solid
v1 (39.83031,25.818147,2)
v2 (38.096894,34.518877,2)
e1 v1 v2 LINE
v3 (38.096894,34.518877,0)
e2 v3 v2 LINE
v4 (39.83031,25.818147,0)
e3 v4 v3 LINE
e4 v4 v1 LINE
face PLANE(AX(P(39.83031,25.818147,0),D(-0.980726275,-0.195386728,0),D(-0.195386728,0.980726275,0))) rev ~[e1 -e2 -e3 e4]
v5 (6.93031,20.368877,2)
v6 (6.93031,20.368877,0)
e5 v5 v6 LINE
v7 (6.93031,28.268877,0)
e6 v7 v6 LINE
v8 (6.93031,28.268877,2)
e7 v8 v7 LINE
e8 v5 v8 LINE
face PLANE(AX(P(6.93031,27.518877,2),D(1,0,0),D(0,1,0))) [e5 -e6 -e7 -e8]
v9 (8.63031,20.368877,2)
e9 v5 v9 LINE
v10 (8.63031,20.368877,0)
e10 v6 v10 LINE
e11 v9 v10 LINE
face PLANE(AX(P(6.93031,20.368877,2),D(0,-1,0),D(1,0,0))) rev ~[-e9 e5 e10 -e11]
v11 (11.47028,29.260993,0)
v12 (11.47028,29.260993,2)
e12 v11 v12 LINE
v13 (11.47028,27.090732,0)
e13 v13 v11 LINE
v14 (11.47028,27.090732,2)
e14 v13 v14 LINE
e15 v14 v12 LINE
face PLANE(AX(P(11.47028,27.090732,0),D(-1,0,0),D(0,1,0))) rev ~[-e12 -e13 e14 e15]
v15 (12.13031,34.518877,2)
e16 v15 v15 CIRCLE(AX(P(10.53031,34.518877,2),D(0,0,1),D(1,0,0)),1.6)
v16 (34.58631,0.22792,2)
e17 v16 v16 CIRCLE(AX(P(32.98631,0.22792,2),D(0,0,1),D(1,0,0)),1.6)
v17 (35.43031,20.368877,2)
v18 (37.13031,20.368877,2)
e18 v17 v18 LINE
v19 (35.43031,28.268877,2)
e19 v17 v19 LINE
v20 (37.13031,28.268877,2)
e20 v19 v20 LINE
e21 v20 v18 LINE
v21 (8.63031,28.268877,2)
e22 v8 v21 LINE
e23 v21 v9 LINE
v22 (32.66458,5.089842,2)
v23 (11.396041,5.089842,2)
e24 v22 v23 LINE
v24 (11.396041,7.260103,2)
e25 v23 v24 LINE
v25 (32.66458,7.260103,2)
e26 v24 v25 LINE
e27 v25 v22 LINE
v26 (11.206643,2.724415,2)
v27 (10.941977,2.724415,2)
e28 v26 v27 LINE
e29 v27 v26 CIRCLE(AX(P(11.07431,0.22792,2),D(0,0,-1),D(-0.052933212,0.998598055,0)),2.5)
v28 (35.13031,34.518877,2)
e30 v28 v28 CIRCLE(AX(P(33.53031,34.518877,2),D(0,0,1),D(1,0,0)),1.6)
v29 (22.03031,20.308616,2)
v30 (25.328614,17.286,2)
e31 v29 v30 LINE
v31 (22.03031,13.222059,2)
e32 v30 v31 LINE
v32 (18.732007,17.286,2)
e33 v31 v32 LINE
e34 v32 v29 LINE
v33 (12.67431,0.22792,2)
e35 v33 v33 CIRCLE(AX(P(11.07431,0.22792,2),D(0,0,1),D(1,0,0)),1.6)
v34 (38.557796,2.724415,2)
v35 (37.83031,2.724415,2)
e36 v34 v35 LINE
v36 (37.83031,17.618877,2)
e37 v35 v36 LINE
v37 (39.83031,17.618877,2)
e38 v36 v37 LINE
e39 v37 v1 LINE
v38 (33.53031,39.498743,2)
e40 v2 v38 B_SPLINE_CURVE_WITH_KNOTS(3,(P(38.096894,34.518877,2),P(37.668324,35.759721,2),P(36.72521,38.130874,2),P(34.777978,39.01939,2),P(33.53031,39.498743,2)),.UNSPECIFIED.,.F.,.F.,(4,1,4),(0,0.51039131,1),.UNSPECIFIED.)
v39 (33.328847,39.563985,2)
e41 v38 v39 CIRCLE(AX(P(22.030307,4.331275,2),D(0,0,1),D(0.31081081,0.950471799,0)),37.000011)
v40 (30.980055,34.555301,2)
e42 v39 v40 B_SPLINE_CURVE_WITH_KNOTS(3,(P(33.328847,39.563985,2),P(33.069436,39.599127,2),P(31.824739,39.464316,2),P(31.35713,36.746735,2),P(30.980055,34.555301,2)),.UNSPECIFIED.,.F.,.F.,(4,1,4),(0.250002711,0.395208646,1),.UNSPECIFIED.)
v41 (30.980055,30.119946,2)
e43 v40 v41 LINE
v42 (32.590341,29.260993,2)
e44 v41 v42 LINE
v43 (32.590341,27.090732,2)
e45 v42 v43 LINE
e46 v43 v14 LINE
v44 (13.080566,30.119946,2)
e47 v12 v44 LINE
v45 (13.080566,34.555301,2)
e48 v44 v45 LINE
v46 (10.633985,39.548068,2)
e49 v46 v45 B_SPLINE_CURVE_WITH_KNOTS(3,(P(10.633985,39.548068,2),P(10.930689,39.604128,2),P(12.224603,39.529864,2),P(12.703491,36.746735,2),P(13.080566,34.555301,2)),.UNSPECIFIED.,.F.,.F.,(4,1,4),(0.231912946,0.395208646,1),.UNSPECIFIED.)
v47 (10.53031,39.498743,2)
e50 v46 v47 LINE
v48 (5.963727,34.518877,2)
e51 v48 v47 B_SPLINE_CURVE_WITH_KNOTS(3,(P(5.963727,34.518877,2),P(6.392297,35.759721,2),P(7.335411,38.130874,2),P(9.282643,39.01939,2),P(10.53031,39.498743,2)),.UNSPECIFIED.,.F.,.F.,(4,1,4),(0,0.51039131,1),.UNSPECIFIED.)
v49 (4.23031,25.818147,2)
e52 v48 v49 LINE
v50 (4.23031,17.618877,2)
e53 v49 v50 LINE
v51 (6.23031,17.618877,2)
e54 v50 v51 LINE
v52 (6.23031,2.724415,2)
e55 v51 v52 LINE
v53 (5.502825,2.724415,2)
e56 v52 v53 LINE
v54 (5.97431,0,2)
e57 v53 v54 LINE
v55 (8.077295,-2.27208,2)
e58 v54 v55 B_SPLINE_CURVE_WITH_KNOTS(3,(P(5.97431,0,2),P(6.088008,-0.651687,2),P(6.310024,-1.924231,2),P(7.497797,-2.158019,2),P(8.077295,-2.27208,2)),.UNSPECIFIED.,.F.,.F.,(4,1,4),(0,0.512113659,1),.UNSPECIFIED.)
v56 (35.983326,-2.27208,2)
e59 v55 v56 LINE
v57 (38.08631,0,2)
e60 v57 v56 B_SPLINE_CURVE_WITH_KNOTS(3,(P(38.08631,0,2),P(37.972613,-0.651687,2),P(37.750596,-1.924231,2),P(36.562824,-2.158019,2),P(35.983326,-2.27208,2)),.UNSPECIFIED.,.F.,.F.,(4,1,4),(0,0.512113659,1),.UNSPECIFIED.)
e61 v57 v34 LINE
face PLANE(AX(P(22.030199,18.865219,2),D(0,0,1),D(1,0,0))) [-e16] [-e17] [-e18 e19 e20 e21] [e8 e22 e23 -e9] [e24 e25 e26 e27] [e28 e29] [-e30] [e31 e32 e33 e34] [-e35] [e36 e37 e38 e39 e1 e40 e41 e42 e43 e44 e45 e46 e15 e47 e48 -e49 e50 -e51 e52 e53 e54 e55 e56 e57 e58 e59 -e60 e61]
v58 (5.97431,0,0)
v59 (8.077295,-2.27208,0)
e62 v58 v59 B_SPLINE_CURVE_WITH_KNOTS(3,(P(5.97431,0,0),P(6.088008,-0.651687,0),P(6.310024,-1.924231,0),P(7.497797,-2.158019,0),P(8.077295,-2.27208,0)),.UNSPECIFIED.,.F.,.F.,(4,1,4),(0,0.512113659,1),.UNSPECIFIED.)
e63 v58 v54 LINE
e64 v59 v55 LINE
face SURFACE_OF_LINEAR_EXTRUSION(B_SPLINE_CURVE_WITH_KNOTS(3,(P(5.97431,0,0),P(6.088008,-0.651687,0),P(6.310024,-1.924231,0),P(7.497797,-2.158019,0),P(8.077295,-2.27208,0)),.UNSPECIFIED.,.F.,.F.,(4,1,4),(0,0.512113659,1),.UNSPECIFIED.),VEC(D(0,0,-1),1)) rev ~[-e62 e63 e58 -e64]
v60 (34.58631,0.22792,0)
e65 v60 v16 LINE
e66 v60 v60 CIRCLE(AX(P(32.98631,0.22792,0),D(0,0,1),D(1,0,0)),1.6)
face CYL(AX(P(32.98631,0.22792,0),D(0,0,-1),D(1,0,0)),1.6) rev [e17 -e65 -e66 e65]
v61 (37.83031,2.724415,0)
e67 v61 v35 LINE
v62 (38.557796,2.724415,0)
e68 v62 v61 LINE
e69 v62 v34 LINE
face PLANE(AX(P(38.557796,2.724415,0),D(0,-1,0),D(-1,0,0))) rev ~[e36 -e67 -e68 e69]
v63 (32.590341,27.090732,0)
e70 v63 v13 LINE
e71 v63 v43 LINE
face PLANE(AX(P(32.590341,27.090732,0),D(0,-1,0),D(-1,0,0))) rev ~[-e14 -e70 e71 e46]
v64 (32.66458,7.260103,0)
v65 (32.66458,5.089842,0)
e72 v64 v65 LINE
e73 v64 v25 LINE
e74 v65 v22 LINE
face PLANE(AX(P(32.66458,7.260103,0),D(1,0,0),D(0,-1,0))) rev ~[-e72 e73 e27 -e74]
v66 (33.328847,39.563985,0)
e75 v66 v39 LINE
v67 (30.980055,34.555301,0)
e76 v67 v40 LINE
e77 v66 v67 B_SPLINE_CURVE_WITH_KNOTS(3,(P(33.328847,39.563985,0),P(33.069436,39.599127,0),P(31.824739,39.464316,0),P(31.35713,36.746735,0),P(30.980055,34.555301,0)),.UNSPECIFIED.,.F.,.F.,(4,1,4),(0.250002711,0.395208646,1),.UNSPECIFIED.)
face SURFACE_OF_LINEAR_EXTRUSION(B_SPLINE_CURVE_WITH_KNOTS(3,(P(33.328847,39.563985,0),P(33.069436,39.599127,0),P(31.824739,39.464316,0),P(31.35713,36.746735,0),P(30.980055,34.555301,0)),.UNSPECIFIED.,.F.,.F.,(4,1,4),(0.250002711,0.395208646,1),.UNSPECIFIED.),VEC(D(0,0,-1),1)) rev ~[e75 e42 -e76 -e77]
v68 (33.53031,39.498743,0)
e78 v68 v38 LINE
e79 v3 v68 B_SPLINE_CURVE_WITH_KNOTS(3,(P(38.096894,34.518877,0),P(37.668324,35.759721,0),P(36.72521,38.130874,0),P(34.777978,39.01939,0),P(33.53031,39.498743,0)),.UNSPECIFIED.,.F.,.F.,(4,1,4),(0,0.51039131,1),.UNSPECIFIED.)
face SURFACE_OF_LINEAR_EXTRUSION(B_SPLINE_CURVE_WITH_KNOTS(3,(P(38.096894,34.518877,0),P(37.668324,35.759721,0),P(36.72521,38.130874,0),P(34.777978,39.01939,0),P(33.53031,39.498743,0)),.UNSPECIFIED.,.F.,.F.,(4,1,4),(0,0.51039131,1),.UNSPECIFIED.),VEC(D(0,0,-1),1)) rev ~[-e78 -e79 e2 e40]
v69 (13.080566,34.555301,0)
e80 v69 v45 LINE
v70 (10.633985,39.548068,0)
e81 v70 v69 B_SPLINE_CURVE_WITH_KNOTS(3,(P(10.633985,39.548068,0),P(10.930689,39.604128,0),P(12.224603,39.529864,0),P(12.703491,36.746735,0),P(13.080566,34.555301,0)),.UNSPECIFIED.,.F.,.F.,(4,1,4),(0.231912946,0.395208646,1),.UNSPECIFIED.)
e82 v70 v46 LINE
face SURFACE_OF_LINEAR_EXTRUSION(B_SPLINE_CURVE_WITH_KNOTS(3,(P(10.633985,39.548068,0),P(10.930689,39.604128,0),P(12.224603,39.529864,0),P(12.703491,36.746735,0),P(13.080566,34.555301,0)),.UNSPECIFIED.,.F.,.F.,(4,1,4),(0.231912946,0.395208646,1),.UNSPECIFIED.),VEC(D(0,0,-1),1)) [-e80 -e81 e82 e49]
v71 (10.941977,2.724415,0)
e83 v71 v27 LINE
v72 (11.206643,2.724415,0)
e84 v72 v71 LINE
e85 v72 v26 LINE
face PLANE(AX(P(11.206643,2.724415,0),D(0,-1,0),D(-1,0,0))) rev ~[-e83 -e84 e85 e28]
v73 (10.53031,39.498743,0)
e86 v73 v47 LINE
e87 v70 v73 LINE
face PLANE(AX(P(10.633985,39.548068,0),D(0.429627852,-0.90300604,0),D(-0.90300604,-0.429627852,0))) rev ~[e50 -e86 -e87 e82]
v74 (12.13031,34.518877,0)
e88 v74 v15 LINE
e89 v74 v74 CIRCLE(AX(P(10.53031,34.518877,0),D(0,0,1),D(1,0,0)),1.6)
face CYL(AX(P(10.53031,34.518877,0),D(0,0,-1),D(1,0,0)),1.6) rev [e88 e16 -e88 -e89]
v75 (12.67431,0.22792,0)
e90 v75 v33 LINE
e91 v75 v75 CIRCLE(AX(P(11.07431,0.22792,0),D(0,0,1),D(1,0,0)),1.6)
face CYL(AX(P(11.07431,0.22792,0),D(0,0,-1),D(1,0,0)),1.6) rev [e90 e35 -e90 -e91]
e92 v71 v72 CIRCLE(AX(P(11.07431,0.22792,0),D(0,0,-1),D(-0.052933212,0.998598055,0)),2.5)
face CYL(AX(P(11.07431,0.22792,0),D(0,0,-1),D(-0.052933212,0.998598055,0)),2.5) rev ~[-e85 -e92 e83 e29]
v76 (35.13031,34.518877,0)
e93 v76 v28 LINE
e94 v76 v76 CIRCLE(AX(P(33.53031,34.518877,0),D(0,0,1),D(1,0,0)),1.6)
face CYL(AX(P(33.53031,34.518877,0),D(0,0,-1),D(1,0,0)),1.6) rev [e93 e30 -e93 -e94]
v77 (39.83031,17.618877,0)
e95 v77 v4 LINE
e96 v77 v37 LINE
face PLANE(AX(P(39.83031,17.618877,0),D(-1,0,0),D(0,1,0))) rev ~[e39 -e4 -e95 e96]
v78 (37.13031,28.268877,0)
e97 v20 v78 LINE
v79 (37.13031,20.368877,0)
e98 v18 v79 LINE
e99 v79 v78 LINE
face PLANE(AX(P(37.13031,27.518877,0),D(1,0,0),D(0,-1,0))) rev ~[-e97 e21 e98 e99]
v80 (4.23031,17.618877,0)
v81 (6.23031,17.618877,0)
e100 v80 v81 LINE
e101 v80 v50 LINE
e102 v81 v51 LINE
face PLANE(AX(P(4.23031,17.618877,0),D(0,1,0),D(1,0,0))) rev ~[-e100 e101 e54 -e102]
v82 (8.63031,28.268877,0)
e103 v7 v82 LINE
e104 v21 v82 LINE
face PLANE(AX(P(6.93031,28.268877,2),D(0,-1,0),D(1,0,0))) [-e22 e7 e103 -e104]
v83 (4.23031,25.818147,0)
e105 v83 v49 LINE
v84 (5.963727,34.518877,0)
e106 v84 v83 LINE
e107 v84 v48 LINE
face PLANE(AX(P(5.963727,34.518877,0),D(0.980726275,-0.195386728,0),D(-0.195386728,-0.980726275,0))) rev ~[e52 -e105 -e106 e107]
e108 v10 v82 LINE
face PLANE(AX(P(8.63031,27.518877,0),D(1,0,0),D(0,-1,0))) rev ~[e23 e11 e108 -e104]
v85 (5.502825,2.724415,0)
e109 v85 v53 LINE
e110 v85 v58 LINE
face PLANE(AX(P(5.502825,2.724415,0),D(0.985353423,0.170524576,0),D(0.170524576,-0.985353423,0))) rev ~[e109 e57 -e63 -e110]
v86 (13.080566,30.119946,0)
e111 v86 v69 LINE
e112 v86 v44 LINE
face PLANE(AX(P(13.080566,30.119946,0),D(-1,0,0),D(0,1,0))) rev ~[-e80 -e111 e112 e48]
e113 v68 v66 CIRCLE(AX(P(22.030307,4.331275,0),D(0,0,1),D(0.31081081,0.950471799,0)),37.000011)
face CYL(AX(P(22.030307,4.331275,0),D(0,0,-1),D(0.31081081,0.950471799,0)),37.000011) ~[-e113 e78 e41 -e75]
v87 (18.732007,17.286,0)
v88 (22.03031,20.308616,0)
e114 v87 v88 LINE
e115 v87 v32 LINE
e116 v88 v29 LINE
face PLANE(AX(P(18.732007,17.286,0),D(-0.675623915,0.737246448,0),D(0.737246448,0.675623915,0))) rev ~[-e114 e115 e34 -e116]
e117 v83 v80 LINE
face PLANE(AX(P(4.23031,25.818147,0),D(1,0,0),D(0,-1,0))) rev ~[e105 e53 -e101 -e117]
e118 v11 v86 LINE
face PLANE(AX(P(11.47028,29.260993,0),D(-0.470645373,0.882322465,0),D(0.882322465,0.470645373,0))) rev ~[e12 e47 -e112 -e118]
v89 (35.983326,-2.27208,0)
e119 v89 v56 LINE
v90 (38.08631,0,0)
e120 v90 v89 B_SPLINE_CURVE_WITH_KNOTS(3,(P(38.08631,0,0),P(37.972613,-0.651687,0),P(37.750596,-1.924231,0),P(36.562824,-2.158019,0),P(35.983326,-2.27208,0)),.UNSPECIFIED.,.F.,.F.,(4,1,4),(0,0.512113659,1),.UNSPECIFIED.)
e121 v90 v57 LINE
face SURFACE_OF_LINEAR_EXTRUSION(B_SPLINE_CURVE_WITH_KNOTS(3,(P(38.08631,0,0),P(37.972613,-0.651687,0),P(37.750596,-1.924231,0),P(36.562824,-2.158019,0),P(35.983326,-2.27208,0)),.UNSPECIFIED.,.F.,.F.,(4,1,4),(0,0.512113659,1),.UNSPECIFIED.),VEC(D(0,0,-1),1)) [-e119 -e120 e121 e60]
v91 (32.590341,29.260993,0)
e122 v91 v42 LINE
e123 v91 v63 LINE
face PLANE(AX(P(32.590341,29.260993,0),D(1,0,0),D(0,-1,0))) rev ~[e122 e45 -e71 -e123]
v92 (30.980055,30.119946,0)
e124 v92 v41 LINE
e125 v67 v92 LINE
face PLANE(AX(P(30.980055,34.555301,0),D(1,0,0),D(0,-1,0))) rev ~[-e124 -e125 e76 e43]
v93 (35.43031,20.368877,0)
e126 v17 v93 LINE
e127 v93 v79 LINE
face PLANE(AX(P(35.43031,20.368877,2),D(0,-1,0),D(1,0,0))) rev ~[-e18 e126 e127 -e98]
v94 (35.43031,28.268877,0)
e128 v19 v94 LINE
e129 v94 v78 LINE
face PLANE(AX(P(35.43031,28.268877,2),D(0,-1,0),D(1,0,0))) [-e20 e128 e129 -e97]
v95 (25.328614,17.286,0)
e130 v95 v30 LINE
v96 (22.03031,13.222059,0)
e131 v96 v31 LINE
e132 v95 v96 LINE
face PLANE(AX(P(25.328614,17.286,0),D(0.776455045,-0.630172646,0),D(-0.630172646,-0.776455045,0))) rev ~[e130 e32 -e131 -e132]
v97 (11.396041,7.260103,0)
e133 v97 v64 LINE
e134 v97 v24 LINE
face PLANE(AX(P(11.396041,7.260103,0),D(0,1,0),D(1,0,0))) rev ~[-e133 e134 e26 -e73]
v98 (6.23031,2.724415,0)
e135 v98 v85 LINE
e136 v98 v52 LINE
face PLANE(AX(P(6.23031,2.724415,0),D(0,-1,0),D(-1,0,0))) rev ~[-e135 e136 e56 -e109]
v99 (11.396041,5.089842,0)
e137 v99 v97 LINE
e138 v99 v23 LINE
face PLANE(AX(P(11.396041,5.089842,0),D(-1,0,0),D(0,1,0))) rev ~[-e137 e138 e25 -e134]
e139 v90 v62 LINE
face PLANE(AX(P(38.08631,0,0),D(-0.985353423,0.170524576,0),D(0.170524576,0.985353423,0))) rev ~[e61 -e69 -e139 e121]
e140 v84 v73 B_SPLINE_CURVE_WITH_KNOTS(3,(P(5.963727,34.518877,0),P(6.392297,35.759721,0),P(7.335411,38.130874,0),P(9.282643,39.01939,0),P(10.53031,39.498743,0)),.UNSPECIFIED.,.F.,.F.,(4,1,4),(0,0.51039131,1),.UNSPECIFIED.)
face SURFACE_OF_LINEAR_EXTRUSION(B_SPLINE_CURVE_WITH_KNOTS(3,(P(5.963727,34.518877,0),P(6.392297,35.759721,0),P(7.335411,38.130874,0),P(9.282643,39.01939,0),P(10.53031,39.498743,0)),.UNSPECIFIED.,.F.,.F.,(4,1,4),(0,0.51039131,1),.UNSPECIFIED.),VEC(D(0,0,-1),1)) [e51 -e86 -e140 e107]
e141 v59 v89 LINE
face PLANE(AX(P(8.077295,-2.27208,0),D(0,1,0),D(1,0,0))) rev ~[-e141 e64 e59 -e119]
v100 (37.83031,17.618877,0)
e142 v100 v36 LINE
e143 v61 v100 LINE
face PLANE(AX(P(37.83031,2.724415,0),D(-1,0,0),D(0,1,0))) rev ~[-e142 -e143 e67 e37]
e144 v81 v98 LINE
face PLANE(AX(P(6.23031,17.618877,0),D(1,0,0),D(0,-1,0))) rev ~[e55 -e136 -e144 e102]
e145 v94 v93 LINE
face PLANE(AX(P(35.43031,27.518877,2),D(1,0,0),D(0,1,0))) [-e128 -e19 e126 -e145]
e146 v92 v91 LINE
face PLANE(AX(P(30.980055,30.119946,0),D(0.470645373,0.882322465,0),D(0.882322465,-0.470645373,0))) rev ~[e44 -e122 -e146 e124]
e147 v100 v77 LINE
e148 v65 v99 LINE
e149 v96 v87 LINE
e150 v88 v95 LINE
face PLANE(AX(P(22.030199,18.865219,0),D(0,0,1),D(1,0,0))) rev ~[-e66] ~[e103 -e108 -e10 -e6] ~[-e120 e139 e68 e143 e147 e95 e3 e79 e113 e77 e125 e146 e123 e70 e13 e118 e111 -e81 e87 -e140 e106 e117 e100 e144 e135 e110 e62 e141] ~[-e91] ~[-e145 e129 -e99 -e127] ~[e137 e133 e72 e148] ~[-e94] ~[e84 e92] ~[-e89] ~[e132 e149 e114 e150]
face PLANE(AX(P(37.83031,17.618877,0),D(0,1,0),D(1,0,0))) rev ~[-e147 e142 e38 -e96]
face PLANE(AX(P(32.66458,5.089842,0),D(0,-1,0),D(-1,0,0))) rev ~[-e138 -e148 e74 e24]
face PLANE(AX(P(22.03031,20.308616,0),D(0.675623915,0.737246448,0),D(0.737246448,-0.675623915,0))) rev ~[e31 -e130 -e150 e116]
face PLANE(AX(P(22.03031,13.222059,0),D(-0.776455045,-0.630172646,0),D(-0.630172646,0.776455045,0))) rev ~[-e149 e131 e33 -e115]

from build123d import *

# Parameters (mm, degrees)
F0_R     = 1.6
F1_DEPTH = 2
F2_W     = 1.7
F2_H     = 0.75
F3_DEPTH = 25


with BuildPart() as f1:
    # F0 (on Top) → F1 (new body)
    with BuildSketch(Plane.XY):
        with BuildLine():
            Line((32.5903408229, 27.0907320082), (22.0303104318, 27.0907320082))
            Line((22.0303104318, 27.0907320082), (11.4702800406, 27.0907320082))
            Line((11.4702800406, 27.0907320082), (11.4702800406, 29.2609930038))
            Line((11.4702800406, 29.2609930038), (13.0805661902, 30.1199462265))
            Line((13.0805661902, 30.1199462265), (13.0805661902, 34.5553010702))
            add(Edge.make_bspline(
                [(10.6339850279, 39.5480683745), (10.9306890141, 39.6041277732), (12.2246031458, 39.5298637672), (12.7034905182, 36.7467351328), (13.0805661902, 34.5553010702)],
                knots=[0.2319129458, 0.2319129458, 0.2319129458, 0.2319129458, 0.3952086465, 1, 1, 1, 1], degree=3))
            Line((10.6339850279, 39.5480683745), (10.5303104318, 39.4987425759))
            add(Edge.make_bspline(
                [(5.9637269754, 34.5188772837), (6.3922966272, 35.7597207754), (7.3354107411, 38.130874007), (9.2826432739, 39.0193902227), (10.5303104318, 39.4987425759)],
                knots=[0, 0, 0, 0, 0.51039131, 1, 1, 1, 1], degree=3))
            Line((5.9637269754, 34.5188772837), (4.2303104318, 25.8181473703))
            Line((4.2303104318, 25.8181473703), (4.2303104318, 17.6188772837))
            Line((4.2303104318, 17.6188772837), (6.2303104318, 17.6188772837))
            Line((6.2303104318, 17.6188772837), (6.2303104318, 2.7244150473))
            Line((6.2303104318, 2.7244150473), (5.5028250656, 2.7244150473))
            Line((5.5028250656, 2.7244150473), (5.9743104318, 0))
            add(Edge.make_bspline(
                [(5.9743104318, 0), (6.088008066, -0.6516872485), (6.3100244725, -1.9242314134), (7.4977967132, -2.1580185426), (8.0772945657, -2.2720800897)],
                knots=[0, 0, 0, 0, 0.512113659, 1, 1, 1, 1], degree=3))
            Line((8.0772945657, -2.2720800897), (35.9833262978, -2.2720800897))
            add(Edge.make_bspline(
                [(38.0863104318, 0), (37.9726127975, -0.6516872485), (37.7505963911, -1.9242314134), (36.5628241503, -2.1580185426), (35.9833262978, -2.2720800897)],
                knots=[0, 0, 0, 0, 0.512113659, 1, 1, 1, 1], degree=3))
            Line((38.0863104318, 0), (38.557795798, 2.7244150473))
            Line((38.557795798, 2.7244150473), (37.8303104318, 2.7244150473))
            Line((37.8303104318, 2.7244150473), (37.8303104318, 17.6188772837))
            Line((37.8303104318, 17.6188772837), (39.8303104318, 17.6188772837))
            Line((39.8303104318, 17.6188772837), (39.8303104318, 25.8181473703))
            Line((39.8303104318, 25.8181473703), (38.0968938881, 34.5188772837))
            add(Edge.make_bspline(
                [(38.0968938881, 34.5188772837), (37.6683242364, 35.7597207754), (36.7252101224, 38.130874007), (34.7779775897, 39.0193902227), (33.5303104318, 39.4987425759)],
                knots=[0, 0, 0, 0, 0.51039131, 1, 1, 1, 1], degree=3))
            ThreePointArc((33.5303104318, 39.4987425759), (33.4296251455, 39.5315079606), (33.3288465073, 39.5639850816))
            add(Edge.make_bspline(
                [(33.3288465073, 39.5639850816), (33.0694361442, 39.5991271226), (31.8247391001, 39.4643163221), (31.3571303454, 36.7467351328), (30.9800546734, 34.5553010702)],
                knots=[0.2500027112, 0.2500027112, 0.2500027112, 0.2500027112, 0.3952086465, 1, 1, 1, 1], degree=3))
            Line((30.9800546734, 34.5553010702), (30.9800546734, 30.1199462265))
            Line((30.9800546734, 30.1199462265), (32.5903408229, 29.2609930038))
            Line((32.5903408229, 29.2609930038), (32.5903408229, 27.0907320082))
        make_face()
        with Locations((11.0743104318, 0.2279199103)):
            Circle(F0_R, mode=Mode.SUBTRACT)
        with BuildLine():
            ThreePointArc((10.9419774016, 2.7244150473), (11.0743104318, 2.7279199103), (11.2066434619, 2.7244150473))
            Line((11.2066434619, 2.7244150473), (10.9419774016, 2.7244150473))
        make_face(mode=Mode.SUBTRACT)
        Polygon((11.5445189413, 7.2601027762), (22.0303104318, 7.2601027762), (32.5161019223, 7.2601027762), (32.6645797236, 7.2601027762), (32.6645797236, 5.0898417806), (32.5161019223, 5.0898417806), (11.5445189413, 5.0898417806), (11.39604114, 5.0898417806), (11.39604114, 7.2601027762), align=None, mode=Mode.SUBTRACT)
        with Locations((32.9863104318, 0.2279199103)):
            Circle(F0_R, mode=Mode.SUBTRACT)
        Polygon((25.3286138177, 17.286), (22.0303104318, 13.222059235), (18.7320070459, 17.286), (22.0303104318, 20.3086156398), align=None, mode=Mode.SUBTRACT)
        Polygon((7.7803104318, 21.1188772837), (6.9303104318, 21.1188772837), (6.9303104318, 27.5188772837), (7.7803104318, 27.5188772837), (8.6303104318, 27.5188772837), (8.6303104318, 21.1188772837), align=None, mode=Mode.SUBTRACT)
        with Locations((10.5303104318, 34.5188772837)):
            Circle(F0_R, mode=Mode.SUBTRACT)
        Polygon((35.4303104318, 21.1188772837), (35.4303104318, 27.5188772837), (36.2803104318, 27.5188772837), (37.1303104318, 27.5188772837), (37.1303104318, 21.1188772837), (36.2803104318, 21.1188772837), align=None, mode=Mode.SUBTRACT)
        with Locations((33.5303104318, 34.5188772837)):
            Circle(F0_R, mode=Mode.SUBTRACT)
    extrude(amount=F1_DEPTH)

    # F2 (on face) → F3 (cut)
    with BuildSketch(Plane.XY.offset(2)):
        with Locations((7.7803104318, 27.8938772837)):
            Rectangle(F2_W, F2_H)
        with Locations((7.7803104318, 20.7438772837)):
            Rectangle(F2_W, F2_H)
        with Locations((36.2803104318, 27.8938772837)):
            Rectangle(F2_W, F2_H)
        with Locations((36.2803104318, 20.7438772837)):
            Rectangle(F2_W, F2_H)
    extrude(amount=-F3_DEPTH, mode=Mode.SUBTRACT)


solid = f1.part
